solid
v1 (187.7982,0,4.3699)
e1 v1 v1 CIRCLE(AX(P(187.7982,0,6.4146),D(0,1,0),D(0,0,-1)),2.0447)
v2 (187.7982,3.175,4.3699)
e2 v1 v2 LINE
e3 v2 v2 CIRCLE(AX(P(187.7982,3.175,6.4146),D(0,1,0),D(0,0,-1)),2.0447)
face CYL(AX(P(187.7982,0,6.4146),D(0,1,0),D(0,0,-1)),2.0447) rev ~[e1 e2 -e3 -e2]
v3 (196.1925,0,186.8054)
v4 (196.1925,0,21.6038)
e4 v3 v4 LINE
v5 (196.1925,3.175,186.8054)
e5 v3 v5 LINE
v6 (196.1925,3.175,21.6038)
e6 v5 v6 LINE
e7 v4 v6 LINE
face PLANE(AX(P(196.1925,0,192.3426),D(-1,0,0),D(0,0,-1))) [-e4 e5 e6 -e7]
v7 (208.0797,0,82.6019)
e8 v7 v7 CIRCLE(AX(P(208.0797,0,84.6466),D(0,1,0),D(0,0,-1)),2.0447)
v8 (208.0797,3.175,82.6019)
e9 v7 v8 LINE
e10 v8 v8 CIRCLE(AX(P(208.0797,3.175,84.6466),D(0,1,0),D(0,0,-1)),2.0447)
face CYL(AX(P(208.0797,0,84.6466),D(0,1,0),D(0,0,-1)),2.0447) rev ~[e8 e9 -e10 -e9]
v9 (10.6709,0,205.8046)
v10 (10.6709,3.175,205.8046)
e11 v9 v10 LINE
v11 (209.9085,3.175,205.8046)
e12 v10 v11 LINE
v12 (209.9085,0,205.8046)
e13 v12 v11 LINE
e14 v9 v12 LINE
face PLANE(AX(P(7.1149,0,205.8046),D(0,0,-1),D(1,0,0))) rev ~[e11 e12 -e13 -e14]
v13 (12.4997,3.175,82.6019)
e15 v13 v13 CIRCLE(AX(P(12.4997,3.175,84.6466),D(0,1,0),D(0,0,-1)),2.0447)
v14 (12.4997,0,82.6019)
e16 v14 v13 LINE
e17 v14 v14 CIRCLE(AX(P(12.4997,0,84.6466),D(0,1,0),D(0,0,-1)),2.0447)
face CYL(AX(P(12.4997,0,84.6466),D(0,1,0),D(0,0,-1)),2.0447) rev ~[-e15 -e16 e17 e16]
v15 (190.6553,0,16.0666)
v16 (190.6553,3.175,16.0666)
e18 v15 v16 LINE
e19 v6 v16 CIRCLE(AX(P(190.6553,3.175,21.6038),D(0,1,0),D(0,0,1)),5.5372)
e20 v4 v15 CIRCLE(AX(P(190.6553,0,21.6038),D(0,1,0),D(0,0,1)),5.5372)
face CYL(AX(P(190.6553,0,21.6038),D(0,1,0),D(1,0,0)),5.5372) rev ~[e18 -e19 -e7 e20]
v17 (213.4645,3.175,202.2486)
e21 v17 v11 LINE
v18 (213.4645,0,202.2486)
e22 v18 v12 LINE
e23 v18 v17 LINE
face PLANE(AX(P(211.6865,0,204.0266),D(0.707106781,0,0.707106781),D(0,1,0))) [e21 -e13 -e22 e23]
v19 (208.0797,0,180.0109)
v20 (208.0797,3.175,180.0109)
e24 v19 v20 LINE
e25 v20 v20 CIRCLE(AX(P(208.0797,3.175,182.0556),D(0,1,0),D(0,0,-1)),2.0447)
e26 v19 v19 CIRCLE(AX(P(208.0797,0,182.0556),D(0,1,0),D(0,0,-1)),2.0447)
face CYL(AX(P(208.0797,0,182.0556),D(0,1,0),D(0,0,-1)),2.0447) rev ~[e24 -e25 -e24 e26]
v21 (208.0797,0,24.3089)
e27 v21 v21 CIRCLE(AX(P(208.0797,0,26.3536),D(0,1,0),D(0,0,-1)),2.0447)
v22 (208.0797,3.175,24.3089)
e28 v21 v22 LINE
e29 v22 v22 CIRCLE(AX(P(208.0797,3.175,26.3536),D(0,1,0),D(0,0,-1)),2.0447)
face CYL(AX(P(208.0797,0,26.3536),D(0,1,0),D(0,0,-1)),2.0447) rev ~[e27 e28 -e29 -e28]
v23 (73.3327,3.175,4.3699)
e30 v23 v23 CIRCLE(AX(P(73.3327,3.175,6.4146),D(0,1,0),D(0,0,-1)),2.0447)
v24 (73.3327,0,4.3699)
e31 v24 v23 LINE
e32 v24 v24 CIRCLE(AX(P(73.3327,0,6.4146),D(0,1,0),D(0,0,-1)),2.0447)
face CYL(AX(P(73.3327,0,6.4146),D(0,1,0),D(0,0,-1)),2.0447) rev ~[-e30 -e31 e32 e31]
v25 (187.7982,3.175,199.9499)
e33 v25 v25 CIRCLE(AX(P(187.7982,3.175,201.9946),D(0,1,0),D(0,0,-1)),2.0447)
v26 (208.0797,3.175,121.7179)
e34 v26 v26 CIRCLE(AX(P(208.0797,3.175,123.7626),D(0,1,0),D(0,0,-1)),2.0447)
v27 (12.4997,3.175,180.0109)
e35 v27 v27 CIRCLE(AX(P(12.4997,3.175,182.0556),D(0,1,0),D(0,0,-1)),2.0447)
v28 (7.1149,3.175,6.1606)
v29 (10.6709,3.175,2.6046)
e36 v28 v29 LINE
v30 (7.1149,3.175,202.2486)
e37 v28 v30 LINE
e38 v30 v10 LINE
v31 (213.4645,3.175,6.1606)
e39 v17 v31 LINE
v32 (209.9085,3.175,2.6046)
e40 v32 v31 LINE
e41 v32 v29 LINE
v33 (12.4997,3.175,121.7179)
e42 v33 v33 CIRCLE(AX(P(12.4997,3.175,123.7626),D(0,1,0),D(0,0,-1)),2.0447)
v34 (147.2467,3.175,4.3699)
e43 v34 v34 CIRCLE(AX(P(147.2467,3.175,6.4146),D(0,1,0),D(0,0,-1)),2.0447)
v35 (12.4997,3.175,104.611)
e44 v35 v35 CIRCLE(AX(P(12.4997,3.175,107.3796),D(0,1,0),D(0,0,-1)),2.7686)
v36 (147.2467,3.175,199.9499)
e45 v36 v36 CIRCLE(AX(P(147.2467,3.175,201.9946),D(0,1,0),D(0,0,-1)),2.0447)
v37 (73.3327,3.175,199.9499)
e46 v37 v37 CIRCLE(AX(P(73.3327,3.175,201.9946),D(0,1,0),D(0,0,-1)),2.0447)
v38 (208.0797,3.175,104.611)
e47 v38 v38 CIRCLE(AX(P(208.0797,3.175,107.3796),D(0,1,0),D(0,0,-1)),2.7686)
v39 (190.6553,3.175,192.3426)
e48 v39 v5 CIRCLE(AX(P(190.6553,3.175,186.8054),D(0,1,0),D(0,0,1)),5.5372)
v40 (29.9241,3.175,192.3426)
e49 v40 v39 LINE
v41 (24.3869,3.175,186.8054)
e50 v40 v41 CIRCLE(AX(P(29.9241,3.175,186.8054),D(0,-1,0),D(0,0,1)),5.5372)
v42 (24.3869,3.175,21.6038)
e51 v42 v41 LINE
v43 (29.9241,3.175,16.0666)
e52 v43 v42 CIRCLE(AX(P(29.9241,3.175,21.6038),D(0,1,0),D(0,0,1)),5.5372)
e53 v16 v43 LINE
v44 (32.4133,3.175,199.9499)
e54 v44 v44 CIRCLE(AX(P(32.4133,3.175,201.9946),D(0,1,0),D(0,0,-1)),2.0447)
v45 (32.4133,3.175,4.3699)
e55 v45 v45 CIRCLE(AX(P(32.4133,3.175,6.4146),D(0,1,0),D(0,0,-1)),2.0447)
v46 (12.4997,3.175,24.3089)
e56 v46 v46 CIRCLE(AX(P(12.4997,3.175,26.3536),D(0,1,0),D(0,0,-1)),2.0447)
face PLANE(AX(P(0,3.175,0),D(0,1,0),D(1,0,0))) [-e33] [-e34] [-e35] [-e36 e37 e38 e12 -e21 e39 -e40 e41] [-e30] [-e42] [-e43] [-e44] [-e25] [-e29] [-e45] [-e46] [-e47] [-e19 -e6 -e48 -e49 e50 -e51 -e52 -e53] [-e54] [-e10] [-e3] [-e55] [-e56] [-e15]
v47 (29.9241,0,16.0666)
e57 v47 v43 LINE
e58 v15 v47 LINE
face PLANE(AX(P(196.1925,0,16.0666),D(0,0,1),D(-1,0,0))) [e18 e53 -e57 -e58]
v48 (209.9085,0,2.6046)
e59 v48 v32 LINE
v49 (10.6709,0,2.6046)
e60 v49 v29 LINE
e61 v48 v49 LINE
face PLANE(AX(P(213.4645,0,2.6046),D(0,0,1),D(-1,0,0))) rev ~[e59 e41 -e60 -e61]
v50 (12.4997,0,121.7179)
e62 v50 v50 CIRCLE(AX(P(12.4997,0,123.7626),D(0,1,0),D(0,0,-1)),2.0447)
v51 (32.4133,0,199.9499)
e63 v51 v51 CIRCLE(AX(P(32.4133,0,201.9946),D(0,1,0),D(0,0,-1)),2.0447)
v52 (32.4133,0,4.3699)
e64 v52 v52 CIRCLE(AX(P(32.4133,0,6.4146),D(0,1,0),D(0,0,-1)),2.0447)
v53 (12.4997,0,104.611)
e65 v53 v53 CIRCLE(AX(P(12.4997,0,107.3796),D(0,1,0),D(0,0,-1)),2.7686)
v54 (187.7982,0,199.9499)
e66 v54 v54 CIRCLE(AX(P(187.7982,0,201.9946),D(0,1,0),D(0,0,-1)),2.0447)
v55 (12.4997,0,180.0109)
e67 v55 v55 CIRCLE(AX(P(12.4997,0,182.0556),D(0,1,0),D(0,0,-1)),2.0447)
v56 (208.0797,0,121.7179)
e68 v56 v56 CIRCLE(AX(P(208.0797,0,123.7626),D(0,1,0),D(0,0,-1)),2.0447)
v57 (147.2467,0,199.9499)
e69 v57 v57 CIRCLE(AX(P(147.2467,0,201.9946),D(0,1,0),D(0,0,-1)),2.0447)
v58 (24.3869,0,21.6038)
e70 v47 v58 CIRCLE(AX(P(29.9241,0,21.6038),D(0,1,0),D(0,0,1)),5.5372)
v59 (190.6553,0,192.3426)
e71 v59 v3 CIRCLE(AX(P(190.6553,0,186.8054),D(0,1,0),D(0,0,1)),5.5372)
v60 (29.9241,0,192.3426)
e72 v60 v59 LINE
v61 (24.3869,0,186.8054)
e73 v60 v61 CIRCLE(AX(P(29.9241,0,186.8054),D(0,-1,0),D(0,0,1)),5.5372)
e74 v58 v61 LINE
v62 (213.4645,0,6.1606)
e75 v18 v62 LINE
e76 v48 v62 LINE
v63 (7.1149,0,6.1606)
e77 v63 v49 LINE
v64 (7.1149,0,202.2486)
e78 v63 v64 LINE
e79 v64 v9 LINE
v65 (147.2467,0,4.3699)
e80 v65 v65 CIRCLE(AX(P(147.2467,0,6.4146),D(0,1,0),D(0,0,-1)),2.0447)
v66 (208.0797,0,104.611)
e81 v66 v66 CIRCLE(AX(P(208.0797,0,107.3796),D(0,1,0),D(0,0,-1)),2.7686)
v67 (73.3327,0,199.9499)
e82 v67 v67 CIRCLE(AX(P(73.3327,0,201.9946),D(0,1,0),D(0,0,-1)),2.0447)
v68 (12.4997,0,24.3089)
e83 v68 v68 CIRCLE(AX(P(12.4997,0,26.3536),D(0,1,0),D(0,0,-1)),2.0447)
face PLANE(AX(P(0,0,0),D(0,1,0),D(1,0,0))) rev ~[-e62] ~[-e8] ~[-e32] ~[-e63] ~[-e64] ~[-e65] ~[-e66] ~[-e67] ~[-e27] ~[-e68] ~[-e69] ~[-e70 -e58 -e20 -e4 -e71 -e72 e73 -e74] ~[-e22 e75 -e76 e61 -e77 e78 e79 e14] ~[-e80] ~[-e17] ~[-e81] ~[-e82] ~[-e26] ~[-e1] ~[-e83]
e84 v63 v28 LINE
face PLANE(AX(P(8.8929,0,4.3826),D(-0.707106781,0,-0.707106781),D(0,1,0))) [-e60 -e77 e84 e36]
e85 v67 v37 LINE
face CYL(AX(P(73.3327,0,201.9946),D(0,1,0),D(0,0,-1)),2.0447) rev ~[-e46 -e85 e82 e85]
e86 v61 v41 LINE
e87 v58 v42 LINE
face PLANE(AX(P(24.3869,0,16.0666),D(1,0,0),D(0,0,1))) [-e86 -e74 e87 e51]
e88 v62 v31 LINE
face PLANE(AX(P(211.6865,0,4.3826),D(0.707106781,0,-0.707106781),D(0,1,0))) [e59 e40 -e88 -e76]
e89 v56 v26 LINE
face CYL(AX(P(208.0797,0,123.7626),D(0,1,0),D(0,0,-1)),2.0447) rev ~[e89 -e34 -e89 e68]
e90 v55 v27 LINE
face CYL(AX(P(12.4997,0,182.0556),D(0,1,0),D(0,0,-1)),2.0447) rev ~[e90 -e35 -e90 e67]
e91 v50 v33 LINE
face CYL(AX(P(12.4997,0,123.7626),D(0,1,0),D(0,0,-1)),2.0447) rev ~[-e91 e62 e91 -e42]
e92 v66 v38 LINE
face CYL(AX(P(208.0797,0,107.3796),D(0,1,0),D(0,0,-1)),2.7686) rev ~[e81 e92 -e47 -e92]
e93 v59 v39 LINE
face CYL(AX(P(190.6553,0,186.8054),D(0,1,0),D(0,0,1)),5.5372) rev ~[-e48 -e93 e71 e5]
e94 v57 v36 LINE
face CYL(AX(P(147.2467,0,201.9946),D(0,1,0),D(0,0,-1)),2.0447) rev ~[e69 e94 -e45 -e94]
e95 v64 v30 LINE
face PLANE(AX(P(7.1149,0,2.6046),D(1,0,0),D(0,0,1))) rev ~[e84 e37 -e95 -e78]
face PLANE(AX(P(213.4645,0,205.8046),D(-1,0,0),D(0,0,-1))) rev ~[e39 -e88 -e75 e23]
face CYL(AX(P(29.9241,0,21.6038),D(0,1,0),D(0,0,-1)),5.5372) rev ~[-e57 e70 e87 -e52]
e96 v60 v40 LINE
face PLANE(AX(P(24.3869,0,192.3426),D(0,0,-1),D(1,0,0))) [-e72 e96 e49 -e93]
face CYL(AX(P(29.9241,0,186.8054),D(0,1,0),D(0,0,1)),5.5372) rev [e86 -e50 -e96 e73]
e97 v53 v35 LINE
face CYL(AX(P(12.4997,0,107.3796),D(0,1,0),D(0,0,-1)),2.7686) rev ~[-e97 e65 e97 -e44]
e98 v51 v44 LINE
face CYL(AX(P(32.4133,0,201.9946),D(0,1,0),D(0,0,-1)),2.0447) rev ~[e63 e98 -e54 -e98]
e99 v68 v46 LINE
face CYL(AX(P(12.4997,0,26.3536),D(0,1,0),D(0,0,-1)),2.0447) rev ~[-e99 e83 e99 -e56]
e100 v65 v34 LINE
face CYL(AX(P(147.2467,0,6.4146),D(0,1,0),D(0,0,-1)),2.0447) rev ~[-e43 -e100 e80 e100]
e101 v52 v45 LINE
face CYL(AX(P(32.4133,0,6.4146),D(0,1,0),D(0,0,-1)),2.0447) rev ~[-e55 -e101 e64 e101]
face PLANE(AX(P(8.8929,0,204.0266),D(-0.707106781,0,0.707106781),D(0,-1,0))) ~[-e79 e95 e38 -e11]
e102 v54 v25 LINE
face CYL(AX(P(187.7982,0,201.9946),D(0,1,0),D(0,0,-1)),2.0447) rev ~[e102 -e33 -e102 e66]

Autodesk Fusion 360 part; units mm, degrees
sketch "Front" plane through (0, 0, 0) normal (0, 1, 0) x (1, 0, 0) in component "1006350A"
  line L0 (-97.5923, -201.9946) -> (221.2351, -201.9946) construction
  line L1 (-99.947, -6.4146) -> (290.3014, -6.4146) construction
  line L2 (12.4997, 61.7326) -> (12.4997, -271.4585) construction
  line L3 (208.0797, 69.9741) -> (208.0797, -187.16) construction
  line L4 (213.4645, 13.4611) -> (213.4645, -265.3363) construction
  line L5 (7.1149, -256.6239) -> (7.1149, 6.397) construction
  line L6 (-10.9391, -2.6046) -> (257.2621, -2.6046) construction
  line L7 (3.4246, -205.8046) -> (275.1579, -205.8046) construction
  line L8 (196.1925, -231.664) -> (196.1925, 4.0423) construction
  line L9 (200.5105, 72.0933) -> (200.5105, -273.8132) construction
  line L10 (20.3229, -271.4585) -> (20.3229, 19.5833) construction
  line L11 (-9.5263, -26.3536) -> (218.174, -26.3536) construction
  line L12 (-30.2477, -84.6466) -> (216.2902, -84.6466) construction
  line L13 (226.8864, -107.3796) -> (-21.2998, -107.3796) construction
  line L14 (-47.6725, -123.7626) -> (220.7641, -123.7626) construction
  line L15 (-72.1615, -182.0556) -> (219.1158, -182.0556) construction
  line L16 (-7.1716, -192.3426) -> (237.718, -192.3426) construction
  line L17 (24.3869, -243.673) -> (24.3869, 8.2807) construction
  line L18 (187.7982, 11.5773) -> (187.7982, -213.2972) construction
  line L19 (147.2467, 23.5863) -> (147.2467, -210.9425) construction
  line L20 (73.3327, 36.3018) -> (73.3327, -224.8353) construction
  line L21 (32.4133, 51.8428) -> (32.4133, -217.3002) construction
  line L22 (267.4197, -11.8756) -> (2.5805, -11.8756) construction
  line L23 (267.0325, -196.4066) -> (1.4189, -196.4066) construction
  line L24 (1.5972, -16.0666) -> (220.1148, -16.0666) construction
  line L25 (7.1149, -205.8046) -> (213.4645, -205.8046)
  line L26 (213.4645, -205.8046) -> (213.4645, -2.6046)
  line L27 (213.4645, -2.6046) -> (7.1149, -2.6046)
  line L28 (7.1149, -2.6046) -> (7.1149, -205.8046)
  line L29 (24.3869, -192.3426) -> (196.1925, -192.3426)
  line L30 (196.1925, -192.3426) -> (196.1925, -16.0666)
  line L31 (196.1925, -16.0666) -> (24.3869, -16.0666)
  line L32 (24.3869, -16.0666) -> (24.3869, -192.3426)
  point P0 (32.4133, -201.9946)
  point P1 (73.3327, -201.9946)
  point P2 (147.2467, -201.9946)
  point P3 (187.7982, -201.9946)
  point P4 (208.0797, -182.0556)
  point P5 (208.0797, -123.7626)
  point P6 (208.0797, -107.3796)
  point P7 (208.0797, -84.6466)
  point P8 (208.0797, -26.3536)
  point P9 (187.7982, -6.4146)
  point P10 (147.2467, -6.4146)
  point P11 (73.3327, -6.4146)
  point P12 (32.4133, -6.4146)
  point P13 (12.4997, -26.3536)
  point P14 (12.4997, -84.6466)
  point P15 (12.4997, -107.3796)
  point P16 (12.4997, -123.7626)
  point P17 (12.4997, -182.0556)
  dimension "d1" = 195.58
  dimension "d2" = 3.81
  dimension "d3" = 19.939
  dimension "d4" = 78.232
  dimension "d5" = 117.348
  dimension "d6" = 175.641
  dimension "d7" = 100.965
  dimension "d10" = 5.3848
  dimension "d11" = 17.272
  dimension "d12" = 60.833
  dimension "d13" = 134.747
  dimension "d14" = 175.6664
  dimension "d15" = 195.58
  dimension "d16" = 203.2
  dimension "d17" = 184.531
  dimension "d18" = 5.461
  dimension "d19" = 13.462
  dimension "d20" = 189.0776
  dimension "d21" = 206.3496
  dimension "d22" = 13.462
  dimension "d33" = 7.5692
  dimension "d34" = 180.1876
extrude "Extrude1" add sketch "Front" along normal blind 3.175 in component "1006350A"
chamfer "Chamfer1" distance 3.556 angle 45 4 edges at (7.1149, 1.5875, 205.8046) (213.4645, 1.5875, 205.8046) (213.4645, 1.5875, 2.6046) (7.1149, 1.5875, 2.6046) in component "1006350A"
fillet "Fillet1" radius 5.5372 4 edges at (196.1925, 1.5875, 192.3426) (24.3869, 1.5875, 192.3426) (24.3869, 1.5875, 16.0666) (196.1925, 1.5875, 16.0666) in component "1006350A"
hole "Hole1" at (12.4997, 0, 107.3796) at (208.0797, 0, 107.3796) direction (0, 1, 0) diameter 5.5372 end through all in component "1006350A"
hole "Hole2" at (147.2467, 0, 201.9946) at (187.7982, 0, 201.9946) at (208.0797, 0, 182.0556) at (208.0797, 0, 123.7626) at (73.3327, 0, 201.9946) at (32.4133, 0, 201.9946) at (12.4997, 0, 182.0556) at (12.4997, 0, 123.7626) at (12.4997, 0, 84.6466) at (12.4997, 0, 26.3536) at (32.4133, 0, 6.4146) at (73.3327, 0, 6.4146) at (147.2467, 0, 6.4146) at (187.7982, 0, 6.4146) at (208.0797, 0, 26.3536) at (208.0797, 0, 84.6466) direction (0, 1, 0) diameter 4.0894 end through all in component "1006350A"
component "1006350A" placed x (1, 0, 0) y (0, 1, 0) z (0, 0, 1) at (0, 0, 0)
